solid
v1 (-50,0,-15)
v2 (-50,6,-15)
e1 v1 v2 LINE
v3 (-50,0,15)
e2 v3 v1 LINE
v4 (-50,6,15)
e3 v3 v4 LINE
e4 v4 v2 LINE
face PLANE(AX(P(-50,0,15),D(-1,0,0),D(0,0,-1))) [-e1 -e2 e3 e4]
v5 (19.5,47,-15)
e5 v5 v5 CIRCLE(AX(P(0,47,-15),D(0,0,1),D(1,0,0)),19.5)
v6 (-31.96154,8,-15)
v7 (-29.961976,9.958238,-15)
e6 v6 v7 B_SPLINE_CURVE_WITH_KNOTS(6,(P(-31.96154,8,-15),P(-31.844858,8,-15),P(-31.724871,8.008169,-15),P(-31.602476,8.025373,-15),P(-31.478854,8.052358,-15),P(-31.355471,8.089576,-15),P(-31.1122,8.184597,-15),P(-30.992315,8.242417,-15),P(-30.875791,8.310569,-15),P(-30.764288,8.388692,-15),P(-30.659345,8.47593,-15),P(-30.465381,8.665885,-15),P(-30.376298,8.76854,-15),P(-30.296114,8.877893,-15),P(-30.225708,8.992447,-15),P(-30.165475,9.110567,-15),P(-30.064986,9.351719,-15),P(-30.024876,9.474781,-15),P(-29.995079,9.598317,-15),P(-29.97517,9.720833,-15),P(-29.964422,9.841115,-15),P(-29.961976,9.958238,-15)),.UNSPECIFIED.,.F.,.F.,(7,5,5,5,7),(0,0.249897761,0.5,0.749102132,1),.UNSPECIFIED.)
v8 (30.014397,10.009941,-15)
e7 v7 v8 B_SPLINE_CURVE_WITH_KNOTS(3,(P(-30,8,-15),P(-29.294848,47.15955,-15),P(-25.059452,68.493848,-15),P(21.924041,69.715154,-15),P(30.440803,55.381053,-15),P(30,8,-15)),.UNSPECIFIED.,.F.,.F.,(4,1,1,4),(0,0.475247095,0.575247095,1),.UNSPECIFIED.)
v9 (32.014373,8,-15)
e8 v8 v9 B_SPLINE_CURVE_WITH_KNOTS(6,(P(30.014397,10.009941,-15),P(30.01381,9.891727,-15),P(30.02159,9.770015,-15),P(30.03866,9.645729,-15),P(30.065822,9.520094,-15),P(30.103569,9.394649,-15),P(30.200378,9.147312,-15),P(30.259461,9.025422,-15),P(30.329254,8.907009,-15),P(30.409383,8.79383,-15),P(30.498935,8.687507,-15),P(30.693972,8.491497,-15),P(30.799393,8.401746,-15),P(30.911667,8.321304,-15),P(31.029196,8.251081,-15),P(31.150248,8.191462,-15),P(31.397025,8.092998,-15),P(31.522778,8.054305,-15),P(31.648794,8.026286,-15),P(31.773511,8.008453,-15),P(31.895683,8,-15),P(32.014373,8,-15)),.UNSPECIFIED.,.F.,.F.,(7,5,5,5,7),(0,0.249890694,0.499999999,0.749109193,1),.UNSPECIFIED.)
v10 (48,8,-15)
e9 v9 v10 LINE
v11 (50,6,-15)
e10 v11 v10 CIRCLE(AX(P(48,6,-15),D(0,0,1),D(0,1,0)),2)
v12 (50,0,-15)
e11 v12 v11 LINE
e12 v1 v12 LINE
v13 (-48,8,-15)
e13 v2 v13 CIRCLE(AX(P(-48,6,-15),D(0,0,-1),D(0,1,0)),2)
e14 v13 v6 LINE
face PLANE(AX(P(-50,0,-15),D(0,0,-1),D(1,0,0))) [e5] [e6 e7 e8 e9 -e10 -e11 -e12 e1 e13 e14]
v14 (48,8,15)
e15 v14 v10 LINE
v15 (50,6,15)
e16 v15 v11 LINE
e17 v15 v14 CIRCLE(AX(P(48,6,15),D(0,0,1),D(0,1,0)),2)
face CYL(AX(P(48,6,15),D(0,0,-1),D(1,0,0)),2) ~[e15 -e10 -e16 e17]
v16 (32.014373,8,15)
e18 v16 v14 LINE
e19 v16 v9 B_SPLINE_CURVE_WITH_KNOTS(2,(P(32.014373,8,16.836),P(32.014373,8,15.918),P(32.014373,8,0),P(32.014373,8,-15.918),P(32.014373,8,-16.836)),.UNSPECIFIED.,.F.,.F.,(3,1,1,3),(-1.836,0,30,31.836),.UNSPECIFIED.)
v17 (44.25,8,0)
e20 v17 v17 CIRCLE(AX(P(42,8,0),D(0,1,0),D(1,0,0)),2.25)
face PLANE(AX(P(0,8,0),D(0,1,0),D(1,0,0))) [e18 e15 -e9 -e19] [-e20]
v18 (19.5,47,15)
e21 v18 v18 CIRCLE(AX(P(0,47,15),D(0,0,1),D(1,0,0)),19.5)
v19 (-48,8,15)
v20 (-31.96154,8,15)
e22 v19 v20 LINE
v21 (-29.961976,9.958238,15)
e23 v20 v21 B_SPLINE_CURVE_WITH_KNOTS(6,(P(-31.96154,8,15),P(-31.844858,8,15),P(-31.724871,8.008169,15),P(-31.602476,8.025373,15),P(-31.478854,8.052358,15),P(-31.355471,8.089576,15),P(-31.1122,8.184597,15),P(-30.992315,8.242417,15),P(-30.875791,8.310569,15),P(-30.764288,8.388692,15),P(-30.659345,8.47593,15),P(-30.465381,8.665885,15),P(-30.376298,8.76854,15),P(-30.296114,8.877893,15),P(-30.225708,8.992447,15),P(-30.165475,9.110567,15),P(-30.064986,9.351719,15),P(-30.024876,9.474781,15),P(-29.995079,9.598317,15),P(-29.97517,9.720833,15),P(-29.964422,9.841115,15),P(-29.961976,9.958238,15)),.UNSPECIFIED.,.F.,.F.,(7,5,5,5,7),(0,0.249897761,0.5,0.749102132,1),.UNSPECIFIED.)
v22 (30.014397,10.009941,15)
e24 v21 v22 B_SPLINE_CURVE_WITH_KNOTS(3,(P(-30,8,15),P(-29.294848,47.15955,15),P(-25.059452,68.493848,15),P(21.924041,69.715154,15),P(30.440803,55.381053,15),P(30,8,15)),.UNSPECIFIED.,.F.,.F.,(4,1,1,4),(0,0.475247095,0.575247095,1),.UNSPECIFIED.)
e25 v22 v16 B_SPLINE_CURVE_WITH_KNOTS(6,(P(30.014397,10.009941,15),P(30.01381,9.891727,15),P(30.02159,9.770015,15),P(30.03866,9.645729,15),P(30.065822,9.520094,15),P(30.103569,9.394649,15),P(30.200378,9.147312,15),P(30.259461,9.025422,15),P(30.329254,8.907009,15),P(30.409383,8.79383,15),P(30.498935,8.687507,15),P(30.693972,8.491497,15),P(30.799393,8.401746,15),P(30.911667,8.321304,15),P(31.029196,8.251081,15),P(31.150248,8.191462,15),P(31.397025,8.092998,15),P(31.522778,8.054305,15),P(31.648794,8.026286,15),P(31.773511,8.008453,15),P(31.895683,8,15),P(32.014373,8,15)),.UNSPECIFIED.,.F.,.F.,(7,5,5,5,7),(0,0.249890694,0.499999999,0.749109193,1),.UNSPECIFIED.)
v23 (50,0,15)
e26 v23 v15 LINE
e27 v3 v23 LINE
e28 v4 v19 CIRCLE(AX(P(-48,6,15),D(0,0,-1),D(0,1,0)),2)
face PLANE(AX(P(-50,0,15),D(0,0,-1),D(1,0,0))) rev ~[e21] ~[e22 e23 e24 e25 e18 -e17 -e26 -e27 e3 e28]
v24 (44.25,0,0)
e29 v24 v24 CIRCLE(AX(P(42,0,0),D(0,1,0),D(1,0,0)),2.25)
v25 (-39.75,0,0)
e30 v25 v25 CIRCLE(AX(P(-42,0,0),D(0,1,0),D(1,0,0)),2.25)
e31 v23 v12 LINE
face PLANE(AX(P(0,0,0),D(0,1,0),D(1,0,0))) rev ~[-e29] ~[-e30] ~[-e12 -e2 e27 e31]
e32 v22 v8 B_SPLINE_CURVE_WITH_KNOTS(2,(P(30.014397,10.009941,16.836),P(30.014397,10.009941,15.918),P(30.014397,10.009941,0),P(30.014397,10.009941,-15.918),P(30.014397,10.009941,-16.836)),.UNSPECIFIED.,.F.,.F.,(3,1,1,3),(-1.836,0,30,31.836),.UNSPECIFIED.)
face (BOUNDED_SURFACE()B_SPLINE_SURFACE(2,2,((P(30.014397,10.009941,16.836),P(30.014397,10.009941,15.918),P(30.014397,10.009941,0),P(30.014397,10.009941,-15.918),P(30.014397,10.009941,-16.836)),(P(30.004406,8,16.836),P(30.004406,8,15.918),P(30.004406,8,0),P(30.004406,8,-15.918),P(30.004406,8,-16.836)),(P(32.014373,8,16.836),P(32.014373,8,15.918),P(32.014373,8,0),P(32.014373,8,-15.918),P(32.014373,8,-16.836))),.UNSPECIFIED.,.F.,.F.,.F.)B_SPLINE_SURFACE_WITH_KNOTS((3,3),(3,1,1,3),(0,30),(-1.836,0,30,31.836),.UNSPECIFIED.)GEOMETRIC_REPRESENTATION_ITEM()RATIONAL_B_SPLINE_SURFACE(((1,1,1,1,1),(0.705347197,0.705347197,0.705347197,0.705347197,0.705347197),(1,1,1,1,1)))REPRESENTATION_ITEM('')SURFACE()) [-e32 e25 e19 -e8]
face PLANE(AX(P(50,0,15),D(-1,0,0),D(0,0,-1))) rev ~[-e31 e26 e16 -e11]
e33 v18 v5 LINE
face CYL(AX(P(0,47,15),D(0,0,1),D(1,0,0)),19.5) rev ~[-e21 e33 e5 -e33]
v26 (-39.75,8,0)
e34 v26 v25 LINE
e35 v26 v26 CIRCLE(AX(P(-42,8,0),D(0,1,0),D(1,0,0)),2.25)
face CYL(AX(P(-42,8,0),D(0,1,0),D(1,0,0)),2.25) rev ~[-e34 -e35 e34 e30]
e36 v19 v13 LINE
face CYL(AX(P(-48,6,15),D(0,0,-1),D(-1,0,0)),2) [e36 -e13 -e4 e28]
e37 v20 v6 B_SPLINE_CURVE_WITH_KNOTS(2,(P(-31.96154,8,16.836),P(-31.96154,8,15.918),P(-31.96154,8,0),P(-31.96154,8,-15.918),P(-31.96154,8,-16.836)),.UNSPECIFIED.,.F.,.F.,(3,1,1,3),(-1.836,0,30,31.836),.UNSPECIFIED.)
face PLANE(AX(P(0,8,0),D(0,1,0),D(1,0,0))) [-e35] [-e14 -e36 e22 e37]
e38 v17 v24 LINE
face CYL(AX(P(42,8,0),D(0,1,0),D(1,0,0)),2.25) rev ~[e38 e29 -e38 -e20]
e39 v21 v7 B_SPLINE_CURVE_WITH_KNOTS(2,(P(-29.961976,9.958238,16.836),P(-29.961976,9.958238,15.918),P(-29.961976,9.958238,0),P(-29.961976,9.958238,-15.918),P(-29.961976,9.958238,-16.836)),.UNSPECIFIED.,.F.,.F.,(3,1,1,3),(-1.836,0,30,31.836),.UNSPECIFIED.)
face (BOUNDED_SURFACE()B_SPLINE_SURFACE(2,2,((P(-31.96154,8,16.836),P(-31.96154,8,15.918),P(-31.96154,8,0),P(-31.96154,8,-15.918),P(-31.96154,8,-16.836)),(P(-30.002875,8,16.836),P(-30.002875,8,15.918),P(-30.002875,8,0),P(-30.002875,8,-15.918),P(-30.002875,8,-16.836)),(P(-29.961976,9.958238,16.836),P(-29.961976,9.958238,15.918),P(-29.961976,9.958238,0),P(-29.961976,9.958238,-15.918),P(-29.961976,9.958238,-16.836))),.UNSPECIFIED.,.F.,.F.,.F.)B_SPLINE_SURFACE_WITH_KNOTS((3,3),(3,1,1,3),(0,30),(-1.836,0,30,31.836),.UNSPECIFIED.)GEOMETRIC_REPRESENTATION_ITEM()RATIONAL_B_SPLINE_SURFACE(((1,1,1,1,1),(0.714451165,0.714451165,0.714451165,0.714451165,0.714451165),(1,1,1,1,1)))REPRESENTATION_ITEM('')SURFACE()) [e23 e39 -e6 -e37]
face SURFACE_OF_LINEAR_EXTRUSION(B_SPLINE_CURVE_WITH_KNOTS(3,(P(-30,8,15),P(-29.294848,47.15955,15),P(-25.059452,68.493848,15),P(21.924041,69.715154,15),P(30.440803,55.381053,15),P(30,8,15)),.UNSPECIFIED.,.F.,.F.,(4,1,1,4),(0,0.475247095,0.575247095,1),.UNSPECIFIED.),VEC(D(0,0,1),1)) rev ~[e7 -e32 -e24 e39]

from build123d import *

# Parameters (mm, degrees)
SKETCH1_W           = 100
SKETCH1_H           = 30
BOSS_EXTRUDE1_DEPTH = 8
BOSS_EXTRUDE2_DEPTH = 30
SKETCH3_R           = 19.5
CUT_EXTRUDE1_DEPTH  = 31.0000001
SKETCH4_R           = 2.25
CUT_EXTRUDE2_DEPTH  = 9.0000001
FILLET1_R           = 2


with BuildPart() as part:
    # Sketch1 → Boss-Extrude1 (new body)
    with BuildSketch(Plane(origin=(0, 0, 0), x_dir=(1, 0, 0), z_dir=(0, 1, 0))):
        Rectangle(SKETCH1_W, SKETCH1_H)
    extrude(amount=BOSS_EXTRUDE1_DEPTH)

    # Sketch2 → Boss-Extrude2 (add)
    with BuildSketch(Plane.XY.offset(15)):
        with BuildLine():
            Line((50, 8), (30, 8))
            add(Edge.make_bspline(
                [(-30, 8), (-29.294848192, 47.159550373), (-25.059451985, 68.493847629), (21.924040743, 69.715154385), (30.440802585, 55.381053133), (30, 8)],
                knots=[0, 0, 0, 0, 0.475247095, 0.575247095, 1, 1, 1, 1], degree=3))
            Line((-30, 8), (-50, 8))
            Line((-50, 8), (-50, 0))
            Line((-50, 0), (50, 0))
            Line((50, 0), (50, 8))
        make_face()
    extrude(amount=-BOSS_EXTRUDE2_DEPTH)

    # Sketch3 → Cut-Extrude1 (cut, through all)
    with BuildSketch(Plane.XY.offset(15)):
        with Locations((0, 47)):
            Circle(SKETCH3_R)
    extrude(amount=-CUT_EXTRUDE1_DEPTH, mode=Mode.SUBTRACT)

    # Sketch4 → Cut-Extrude2 (cut, through all)
    with BuildSketch(Plane(origin=(0, 8, 0), x_dir=(1, 0, 0), z_dir=(0, 1, 0))):
        with Locations((-42, 0)):
            Circle(SKETCH4_R)
        with Locations((42, 0)):
            Circle(SKETCH4_R)
    extrude(amount=-CUT_EXTRUDE2_DEPTH, mode=Mode.SUBTRACT)

    # Fillet1
    fillet1_edges = [part.edges().sort_by_distance(p)[0] for p in [
        (-30, 8, 0),
        (30, 8, 0),
        (50, 8, 0),
        (-50, 8, 0),
    ]]
    fillet(fillet1_edges, radius=FILLET1_R)


solid = part.part
